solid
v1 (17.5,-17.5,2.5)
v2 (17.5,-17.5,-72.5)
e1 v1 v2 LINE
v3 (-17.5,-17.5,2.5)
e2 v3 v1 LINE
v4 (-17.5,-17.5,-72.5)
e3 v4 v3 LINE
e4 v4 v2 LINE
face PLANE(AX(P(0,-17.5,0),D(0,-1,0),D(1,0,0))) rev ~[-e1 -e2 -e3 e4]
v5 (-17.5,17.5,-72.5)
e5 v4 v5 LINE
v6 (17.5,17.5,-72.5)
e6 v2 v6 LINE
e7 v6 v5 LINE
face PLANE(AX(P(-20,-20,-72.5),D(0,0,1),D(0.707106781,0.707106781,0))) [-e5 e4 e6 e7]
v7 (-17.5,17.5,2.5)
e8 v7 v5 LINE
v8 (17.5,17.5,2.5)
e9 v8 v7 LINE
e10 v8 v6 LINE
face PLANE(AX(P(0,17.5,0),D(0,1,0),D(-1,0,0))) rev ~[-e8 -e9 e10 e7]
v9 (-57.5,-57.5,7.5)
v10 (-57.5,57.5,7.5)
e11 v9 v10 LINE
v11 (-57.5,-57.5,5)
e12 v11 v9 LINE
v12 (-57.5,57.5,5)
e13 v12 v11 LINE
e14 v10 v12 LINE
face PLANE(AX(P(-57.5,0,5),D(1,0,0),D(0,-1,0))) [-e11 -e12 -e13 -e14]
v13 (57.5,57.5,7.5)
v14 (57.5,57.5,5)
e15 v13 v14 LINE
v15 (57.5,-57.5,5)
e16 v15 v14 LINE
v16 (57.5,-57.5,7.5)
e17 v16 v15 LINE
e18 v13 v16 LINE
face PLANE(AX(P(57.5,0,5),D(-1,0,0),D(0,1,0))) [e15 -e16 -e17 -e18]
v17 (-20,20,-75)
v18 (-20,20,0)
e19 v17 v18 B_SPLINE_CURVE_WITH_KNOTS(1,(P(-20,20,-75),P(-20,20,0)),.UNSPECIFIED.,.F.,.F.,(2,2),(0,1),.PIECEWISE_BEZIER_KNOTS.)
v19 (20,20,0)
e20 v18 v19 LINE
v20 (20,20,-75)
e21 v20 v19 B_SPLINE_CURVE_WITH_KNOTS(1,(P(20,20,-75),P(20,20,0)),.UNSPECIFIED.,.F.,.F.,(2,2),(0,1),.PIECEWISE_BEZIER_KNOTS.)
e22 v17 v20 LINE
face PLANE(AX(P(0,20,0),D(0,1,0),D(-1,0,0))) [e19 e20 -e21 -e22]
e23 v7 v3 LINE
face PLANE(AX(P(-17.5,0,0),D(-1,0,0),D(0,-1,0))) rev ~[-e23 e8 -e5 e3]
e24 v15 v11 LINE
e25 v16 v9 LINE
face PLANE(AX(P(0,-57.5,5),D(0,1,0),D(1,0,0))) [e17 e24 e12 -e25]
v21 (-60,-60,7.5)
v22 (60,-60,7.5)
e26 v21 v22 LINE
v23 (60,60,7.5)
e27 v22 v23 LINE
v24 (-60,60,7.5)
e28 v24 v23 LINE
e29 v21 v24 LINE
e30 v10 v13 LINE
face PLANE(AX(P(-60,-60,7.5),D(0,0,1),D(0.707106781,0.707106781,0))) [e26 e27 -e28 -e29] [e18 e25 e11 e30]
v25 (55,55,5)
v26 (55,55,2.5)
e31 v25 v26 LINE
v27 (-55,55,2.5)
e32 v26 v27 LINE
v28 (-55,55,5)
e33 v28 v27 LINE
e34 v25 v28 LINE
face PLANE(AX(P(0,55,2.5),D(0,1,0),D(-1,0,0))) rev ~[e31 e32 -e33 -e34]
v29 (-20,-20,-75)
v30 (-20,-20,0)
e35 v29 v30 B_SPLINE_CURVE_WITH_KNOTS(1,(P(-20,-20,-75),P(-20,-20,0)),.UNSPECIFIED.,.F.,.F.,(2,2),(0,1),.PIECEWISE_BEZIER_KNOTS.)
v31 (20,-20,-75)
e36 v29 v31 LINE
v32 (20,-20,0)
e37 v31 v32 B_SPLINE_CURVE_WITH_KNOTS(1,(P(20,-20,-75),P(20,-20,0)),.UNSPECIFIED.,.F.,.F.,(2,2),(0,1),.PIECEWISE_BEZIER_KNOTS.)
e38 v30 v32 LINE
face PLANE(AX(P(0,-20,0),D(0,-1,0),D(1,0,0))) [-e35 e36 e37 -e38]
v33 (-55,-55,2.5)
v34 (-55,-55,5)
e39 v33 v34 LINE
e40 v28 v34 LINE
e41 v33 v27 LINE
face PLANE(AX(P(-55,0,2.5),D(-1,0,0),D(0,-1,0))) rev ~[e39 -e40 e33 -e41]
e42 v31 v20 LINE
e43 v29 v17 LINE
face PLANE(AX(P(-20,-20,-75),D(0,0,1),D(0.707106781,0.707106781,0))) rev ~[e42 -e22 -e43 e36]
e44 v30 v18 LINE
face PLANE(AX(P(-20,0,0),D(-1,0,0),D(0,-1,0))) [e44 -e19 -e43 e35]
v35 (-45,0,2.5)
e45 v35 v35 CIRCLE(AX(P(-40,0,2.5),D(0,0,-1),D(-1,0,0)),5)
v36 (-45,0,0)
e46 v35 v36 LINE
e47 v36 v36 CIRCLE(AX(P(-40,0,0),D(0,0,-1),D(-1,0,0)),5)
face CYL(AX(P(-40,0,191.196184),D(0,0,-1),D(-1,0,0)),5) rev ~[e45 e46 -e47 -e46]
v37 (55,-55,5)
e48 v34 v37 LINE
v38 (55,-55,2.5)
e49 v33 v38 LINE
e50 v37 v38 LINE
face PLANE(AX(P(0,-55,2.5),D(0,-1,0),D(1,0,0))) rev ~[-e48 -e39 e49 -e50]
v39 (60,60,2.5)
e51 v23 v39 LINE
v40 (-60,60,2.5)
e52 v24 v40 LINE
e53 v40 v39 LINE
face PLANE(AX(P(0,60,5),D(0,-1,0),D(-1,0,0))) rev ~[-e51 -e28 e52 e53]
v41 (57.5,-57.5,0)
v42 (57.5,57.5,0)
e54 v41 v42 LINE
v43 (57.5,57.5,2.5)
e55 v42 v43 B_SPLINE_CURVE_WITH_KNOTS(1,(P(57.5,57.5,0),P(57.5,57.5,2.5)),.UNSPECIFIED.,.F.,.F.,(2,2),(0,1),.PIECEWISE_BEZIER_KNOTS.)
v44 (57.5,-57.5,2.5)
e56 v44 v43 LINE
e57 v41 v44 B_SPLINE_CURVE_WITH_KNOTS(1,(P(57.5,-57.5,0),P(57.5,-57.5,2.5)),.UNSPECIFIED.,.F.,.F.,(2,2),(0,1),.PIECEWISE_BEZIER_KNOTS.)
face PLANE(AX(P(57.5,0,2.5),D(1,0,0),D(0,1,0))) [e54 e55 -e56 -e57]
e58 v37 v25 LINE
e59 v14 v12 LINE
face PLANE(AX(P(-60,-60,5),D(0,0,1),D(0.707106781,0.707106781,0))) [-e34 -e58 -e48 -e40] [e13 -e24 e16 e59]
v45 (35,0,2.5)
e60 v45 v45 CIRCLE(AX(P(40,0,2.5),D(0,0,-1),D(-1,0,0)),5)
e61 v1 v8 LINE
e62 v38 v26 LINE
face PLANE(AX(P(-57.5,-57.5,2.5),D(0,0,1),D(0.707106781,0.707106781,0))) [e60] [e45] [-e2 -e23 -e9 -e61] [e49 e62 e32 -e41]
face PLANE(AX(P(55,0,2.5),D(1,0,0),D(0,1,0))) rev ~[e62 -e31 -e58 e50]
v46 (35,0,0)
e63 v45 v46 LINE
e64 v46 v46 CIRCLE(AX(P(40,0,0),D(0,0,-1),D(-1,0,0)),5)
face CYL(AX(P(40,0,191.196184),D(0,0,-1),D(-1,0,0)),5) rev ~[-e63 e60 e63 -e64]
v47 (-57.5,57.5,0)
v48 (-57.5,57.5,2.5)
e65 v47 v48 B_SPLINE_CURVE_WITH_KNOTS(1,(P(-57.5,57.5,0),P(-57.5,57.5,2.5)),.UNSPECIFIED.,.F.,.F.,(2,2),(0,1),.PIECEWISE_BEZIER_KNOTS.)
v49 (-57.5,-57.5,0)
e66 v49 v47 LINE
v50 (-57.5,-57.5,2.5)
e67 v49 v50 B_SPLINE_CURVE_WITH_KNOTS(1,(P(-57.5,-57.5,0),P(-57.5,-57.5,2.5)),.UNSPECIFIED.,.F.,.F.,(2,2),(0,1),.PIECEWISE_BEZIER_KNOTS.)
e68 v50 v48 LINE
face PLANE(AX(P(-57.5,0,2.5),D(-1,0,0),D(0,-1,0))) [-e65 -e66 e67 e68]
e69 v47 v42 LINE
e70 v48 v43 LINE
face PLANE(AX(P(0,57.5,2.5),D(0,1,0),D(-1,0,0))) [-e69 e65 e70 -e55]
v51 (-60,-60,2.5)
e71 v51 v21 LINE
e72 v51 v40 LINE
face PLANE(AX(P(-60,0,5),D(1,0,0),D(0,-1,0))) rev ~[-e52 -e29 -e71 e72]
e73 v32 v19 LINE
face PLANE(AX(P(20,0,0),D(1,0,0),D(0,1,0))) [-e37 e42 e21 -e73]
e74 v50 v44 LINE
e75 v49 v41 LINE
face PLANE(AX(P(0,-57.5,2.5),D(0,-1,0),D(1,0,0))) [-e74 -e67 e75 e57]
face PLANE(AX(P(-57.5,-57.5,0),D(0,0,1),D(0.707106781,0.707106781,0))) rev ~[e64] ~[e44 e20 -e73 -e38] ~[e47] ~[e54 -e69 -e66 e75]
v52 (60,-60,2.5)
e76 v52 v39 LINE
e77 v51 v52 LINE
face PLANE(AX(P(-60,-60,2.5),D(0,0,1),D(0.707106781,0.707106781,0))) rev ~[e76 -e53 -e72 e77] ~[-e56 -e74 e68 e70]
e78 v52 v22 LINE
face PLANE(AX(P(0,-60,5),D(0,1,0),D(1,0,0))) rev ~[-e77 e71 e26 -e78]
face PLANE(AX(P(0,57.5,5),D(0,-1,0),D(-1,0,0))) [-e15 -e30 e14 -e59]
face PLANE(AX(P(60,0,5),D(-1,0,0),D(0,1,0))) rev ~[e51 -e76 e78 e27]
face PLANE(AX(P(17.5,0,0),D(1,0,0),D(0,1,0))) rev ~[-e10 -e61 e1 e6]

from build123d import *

# Parameters (mm, degrees)
F1_W  = 40
F1_H  = 40
F7_W  = 40
F7_H  = 40
F4_W  = 115
F4_H  = 115
F5_W  = 115
F5_H  = 115
F6_W  = 120
F6_H  = 120
F10_W = 120
F10_H = 120
F14_W = 120
F14_H = 120
F12_W = 120
F12_H = 120
F16_T = -2.5
F18_D = 10
F20_D = 10


with BuildPart() as f8:
    # F1 (on offset) → F8 section 0
    with BuildSketch(Plane.XY.offset(-75)):
        Rectangle(F1_W, F1_H)
    # F7 (on Top) → F8 section 1
    with BuildSketch(Plane.XY):
        Rectangle(F7_W, F7_H)
    loft()

    # F4 (on Top) → F9 section 0
    with BuildSketch(Plane.XY):
        Rectangle(F4_W, F4_H)
    # F5 (on offset) → F9 section 1
    with BuildSketch(Plane.XY.offset(2.5)):
        Rectangle(F5_W, F5_H)
    loft()

    # F6 (on offset) → F11 section 0
    with BuildSketch(Plane.XY.offset(5)):
        Rectangle(F6_W, F6_H)
    # F10 (on offset) → F11 section 1
    with BuildSketch(Plane.XY.offset(2.5)):
        Rectangle(F10_W, F10_H)
    loft()

    # F14 (on offset) → F15 section 0
    with BuildSketch(Plane.XY.offset(7.5)):
        Rectangle(F14_W, F14_H)
    # F12 (on face) → F15 section 1
    with BuildSketch(Plane.XY.offset(5)):
        Rectangle(F12_W, F12_H)
    loft()

    # F16
    f16_openings = [f8.faces().sort_by_distance(p)[0] for p in [
        (0, 0, 7.5),
    ]]
    offset(amount=F16_T, openings=f16_openings, kind=Kind.INTERSECTION)

    # F18 (through all)
    with Locations(Plane.XY.offset(2.5)):
        with Locations((-40, 0)):
            Hole(F18_D / 2)

    # F20 (through all)
    with Locations(Plane.XY.offset(2.5)):
        with Locations((40, 0)):
            Hole(F20_D / 2)


solid = f8.part
